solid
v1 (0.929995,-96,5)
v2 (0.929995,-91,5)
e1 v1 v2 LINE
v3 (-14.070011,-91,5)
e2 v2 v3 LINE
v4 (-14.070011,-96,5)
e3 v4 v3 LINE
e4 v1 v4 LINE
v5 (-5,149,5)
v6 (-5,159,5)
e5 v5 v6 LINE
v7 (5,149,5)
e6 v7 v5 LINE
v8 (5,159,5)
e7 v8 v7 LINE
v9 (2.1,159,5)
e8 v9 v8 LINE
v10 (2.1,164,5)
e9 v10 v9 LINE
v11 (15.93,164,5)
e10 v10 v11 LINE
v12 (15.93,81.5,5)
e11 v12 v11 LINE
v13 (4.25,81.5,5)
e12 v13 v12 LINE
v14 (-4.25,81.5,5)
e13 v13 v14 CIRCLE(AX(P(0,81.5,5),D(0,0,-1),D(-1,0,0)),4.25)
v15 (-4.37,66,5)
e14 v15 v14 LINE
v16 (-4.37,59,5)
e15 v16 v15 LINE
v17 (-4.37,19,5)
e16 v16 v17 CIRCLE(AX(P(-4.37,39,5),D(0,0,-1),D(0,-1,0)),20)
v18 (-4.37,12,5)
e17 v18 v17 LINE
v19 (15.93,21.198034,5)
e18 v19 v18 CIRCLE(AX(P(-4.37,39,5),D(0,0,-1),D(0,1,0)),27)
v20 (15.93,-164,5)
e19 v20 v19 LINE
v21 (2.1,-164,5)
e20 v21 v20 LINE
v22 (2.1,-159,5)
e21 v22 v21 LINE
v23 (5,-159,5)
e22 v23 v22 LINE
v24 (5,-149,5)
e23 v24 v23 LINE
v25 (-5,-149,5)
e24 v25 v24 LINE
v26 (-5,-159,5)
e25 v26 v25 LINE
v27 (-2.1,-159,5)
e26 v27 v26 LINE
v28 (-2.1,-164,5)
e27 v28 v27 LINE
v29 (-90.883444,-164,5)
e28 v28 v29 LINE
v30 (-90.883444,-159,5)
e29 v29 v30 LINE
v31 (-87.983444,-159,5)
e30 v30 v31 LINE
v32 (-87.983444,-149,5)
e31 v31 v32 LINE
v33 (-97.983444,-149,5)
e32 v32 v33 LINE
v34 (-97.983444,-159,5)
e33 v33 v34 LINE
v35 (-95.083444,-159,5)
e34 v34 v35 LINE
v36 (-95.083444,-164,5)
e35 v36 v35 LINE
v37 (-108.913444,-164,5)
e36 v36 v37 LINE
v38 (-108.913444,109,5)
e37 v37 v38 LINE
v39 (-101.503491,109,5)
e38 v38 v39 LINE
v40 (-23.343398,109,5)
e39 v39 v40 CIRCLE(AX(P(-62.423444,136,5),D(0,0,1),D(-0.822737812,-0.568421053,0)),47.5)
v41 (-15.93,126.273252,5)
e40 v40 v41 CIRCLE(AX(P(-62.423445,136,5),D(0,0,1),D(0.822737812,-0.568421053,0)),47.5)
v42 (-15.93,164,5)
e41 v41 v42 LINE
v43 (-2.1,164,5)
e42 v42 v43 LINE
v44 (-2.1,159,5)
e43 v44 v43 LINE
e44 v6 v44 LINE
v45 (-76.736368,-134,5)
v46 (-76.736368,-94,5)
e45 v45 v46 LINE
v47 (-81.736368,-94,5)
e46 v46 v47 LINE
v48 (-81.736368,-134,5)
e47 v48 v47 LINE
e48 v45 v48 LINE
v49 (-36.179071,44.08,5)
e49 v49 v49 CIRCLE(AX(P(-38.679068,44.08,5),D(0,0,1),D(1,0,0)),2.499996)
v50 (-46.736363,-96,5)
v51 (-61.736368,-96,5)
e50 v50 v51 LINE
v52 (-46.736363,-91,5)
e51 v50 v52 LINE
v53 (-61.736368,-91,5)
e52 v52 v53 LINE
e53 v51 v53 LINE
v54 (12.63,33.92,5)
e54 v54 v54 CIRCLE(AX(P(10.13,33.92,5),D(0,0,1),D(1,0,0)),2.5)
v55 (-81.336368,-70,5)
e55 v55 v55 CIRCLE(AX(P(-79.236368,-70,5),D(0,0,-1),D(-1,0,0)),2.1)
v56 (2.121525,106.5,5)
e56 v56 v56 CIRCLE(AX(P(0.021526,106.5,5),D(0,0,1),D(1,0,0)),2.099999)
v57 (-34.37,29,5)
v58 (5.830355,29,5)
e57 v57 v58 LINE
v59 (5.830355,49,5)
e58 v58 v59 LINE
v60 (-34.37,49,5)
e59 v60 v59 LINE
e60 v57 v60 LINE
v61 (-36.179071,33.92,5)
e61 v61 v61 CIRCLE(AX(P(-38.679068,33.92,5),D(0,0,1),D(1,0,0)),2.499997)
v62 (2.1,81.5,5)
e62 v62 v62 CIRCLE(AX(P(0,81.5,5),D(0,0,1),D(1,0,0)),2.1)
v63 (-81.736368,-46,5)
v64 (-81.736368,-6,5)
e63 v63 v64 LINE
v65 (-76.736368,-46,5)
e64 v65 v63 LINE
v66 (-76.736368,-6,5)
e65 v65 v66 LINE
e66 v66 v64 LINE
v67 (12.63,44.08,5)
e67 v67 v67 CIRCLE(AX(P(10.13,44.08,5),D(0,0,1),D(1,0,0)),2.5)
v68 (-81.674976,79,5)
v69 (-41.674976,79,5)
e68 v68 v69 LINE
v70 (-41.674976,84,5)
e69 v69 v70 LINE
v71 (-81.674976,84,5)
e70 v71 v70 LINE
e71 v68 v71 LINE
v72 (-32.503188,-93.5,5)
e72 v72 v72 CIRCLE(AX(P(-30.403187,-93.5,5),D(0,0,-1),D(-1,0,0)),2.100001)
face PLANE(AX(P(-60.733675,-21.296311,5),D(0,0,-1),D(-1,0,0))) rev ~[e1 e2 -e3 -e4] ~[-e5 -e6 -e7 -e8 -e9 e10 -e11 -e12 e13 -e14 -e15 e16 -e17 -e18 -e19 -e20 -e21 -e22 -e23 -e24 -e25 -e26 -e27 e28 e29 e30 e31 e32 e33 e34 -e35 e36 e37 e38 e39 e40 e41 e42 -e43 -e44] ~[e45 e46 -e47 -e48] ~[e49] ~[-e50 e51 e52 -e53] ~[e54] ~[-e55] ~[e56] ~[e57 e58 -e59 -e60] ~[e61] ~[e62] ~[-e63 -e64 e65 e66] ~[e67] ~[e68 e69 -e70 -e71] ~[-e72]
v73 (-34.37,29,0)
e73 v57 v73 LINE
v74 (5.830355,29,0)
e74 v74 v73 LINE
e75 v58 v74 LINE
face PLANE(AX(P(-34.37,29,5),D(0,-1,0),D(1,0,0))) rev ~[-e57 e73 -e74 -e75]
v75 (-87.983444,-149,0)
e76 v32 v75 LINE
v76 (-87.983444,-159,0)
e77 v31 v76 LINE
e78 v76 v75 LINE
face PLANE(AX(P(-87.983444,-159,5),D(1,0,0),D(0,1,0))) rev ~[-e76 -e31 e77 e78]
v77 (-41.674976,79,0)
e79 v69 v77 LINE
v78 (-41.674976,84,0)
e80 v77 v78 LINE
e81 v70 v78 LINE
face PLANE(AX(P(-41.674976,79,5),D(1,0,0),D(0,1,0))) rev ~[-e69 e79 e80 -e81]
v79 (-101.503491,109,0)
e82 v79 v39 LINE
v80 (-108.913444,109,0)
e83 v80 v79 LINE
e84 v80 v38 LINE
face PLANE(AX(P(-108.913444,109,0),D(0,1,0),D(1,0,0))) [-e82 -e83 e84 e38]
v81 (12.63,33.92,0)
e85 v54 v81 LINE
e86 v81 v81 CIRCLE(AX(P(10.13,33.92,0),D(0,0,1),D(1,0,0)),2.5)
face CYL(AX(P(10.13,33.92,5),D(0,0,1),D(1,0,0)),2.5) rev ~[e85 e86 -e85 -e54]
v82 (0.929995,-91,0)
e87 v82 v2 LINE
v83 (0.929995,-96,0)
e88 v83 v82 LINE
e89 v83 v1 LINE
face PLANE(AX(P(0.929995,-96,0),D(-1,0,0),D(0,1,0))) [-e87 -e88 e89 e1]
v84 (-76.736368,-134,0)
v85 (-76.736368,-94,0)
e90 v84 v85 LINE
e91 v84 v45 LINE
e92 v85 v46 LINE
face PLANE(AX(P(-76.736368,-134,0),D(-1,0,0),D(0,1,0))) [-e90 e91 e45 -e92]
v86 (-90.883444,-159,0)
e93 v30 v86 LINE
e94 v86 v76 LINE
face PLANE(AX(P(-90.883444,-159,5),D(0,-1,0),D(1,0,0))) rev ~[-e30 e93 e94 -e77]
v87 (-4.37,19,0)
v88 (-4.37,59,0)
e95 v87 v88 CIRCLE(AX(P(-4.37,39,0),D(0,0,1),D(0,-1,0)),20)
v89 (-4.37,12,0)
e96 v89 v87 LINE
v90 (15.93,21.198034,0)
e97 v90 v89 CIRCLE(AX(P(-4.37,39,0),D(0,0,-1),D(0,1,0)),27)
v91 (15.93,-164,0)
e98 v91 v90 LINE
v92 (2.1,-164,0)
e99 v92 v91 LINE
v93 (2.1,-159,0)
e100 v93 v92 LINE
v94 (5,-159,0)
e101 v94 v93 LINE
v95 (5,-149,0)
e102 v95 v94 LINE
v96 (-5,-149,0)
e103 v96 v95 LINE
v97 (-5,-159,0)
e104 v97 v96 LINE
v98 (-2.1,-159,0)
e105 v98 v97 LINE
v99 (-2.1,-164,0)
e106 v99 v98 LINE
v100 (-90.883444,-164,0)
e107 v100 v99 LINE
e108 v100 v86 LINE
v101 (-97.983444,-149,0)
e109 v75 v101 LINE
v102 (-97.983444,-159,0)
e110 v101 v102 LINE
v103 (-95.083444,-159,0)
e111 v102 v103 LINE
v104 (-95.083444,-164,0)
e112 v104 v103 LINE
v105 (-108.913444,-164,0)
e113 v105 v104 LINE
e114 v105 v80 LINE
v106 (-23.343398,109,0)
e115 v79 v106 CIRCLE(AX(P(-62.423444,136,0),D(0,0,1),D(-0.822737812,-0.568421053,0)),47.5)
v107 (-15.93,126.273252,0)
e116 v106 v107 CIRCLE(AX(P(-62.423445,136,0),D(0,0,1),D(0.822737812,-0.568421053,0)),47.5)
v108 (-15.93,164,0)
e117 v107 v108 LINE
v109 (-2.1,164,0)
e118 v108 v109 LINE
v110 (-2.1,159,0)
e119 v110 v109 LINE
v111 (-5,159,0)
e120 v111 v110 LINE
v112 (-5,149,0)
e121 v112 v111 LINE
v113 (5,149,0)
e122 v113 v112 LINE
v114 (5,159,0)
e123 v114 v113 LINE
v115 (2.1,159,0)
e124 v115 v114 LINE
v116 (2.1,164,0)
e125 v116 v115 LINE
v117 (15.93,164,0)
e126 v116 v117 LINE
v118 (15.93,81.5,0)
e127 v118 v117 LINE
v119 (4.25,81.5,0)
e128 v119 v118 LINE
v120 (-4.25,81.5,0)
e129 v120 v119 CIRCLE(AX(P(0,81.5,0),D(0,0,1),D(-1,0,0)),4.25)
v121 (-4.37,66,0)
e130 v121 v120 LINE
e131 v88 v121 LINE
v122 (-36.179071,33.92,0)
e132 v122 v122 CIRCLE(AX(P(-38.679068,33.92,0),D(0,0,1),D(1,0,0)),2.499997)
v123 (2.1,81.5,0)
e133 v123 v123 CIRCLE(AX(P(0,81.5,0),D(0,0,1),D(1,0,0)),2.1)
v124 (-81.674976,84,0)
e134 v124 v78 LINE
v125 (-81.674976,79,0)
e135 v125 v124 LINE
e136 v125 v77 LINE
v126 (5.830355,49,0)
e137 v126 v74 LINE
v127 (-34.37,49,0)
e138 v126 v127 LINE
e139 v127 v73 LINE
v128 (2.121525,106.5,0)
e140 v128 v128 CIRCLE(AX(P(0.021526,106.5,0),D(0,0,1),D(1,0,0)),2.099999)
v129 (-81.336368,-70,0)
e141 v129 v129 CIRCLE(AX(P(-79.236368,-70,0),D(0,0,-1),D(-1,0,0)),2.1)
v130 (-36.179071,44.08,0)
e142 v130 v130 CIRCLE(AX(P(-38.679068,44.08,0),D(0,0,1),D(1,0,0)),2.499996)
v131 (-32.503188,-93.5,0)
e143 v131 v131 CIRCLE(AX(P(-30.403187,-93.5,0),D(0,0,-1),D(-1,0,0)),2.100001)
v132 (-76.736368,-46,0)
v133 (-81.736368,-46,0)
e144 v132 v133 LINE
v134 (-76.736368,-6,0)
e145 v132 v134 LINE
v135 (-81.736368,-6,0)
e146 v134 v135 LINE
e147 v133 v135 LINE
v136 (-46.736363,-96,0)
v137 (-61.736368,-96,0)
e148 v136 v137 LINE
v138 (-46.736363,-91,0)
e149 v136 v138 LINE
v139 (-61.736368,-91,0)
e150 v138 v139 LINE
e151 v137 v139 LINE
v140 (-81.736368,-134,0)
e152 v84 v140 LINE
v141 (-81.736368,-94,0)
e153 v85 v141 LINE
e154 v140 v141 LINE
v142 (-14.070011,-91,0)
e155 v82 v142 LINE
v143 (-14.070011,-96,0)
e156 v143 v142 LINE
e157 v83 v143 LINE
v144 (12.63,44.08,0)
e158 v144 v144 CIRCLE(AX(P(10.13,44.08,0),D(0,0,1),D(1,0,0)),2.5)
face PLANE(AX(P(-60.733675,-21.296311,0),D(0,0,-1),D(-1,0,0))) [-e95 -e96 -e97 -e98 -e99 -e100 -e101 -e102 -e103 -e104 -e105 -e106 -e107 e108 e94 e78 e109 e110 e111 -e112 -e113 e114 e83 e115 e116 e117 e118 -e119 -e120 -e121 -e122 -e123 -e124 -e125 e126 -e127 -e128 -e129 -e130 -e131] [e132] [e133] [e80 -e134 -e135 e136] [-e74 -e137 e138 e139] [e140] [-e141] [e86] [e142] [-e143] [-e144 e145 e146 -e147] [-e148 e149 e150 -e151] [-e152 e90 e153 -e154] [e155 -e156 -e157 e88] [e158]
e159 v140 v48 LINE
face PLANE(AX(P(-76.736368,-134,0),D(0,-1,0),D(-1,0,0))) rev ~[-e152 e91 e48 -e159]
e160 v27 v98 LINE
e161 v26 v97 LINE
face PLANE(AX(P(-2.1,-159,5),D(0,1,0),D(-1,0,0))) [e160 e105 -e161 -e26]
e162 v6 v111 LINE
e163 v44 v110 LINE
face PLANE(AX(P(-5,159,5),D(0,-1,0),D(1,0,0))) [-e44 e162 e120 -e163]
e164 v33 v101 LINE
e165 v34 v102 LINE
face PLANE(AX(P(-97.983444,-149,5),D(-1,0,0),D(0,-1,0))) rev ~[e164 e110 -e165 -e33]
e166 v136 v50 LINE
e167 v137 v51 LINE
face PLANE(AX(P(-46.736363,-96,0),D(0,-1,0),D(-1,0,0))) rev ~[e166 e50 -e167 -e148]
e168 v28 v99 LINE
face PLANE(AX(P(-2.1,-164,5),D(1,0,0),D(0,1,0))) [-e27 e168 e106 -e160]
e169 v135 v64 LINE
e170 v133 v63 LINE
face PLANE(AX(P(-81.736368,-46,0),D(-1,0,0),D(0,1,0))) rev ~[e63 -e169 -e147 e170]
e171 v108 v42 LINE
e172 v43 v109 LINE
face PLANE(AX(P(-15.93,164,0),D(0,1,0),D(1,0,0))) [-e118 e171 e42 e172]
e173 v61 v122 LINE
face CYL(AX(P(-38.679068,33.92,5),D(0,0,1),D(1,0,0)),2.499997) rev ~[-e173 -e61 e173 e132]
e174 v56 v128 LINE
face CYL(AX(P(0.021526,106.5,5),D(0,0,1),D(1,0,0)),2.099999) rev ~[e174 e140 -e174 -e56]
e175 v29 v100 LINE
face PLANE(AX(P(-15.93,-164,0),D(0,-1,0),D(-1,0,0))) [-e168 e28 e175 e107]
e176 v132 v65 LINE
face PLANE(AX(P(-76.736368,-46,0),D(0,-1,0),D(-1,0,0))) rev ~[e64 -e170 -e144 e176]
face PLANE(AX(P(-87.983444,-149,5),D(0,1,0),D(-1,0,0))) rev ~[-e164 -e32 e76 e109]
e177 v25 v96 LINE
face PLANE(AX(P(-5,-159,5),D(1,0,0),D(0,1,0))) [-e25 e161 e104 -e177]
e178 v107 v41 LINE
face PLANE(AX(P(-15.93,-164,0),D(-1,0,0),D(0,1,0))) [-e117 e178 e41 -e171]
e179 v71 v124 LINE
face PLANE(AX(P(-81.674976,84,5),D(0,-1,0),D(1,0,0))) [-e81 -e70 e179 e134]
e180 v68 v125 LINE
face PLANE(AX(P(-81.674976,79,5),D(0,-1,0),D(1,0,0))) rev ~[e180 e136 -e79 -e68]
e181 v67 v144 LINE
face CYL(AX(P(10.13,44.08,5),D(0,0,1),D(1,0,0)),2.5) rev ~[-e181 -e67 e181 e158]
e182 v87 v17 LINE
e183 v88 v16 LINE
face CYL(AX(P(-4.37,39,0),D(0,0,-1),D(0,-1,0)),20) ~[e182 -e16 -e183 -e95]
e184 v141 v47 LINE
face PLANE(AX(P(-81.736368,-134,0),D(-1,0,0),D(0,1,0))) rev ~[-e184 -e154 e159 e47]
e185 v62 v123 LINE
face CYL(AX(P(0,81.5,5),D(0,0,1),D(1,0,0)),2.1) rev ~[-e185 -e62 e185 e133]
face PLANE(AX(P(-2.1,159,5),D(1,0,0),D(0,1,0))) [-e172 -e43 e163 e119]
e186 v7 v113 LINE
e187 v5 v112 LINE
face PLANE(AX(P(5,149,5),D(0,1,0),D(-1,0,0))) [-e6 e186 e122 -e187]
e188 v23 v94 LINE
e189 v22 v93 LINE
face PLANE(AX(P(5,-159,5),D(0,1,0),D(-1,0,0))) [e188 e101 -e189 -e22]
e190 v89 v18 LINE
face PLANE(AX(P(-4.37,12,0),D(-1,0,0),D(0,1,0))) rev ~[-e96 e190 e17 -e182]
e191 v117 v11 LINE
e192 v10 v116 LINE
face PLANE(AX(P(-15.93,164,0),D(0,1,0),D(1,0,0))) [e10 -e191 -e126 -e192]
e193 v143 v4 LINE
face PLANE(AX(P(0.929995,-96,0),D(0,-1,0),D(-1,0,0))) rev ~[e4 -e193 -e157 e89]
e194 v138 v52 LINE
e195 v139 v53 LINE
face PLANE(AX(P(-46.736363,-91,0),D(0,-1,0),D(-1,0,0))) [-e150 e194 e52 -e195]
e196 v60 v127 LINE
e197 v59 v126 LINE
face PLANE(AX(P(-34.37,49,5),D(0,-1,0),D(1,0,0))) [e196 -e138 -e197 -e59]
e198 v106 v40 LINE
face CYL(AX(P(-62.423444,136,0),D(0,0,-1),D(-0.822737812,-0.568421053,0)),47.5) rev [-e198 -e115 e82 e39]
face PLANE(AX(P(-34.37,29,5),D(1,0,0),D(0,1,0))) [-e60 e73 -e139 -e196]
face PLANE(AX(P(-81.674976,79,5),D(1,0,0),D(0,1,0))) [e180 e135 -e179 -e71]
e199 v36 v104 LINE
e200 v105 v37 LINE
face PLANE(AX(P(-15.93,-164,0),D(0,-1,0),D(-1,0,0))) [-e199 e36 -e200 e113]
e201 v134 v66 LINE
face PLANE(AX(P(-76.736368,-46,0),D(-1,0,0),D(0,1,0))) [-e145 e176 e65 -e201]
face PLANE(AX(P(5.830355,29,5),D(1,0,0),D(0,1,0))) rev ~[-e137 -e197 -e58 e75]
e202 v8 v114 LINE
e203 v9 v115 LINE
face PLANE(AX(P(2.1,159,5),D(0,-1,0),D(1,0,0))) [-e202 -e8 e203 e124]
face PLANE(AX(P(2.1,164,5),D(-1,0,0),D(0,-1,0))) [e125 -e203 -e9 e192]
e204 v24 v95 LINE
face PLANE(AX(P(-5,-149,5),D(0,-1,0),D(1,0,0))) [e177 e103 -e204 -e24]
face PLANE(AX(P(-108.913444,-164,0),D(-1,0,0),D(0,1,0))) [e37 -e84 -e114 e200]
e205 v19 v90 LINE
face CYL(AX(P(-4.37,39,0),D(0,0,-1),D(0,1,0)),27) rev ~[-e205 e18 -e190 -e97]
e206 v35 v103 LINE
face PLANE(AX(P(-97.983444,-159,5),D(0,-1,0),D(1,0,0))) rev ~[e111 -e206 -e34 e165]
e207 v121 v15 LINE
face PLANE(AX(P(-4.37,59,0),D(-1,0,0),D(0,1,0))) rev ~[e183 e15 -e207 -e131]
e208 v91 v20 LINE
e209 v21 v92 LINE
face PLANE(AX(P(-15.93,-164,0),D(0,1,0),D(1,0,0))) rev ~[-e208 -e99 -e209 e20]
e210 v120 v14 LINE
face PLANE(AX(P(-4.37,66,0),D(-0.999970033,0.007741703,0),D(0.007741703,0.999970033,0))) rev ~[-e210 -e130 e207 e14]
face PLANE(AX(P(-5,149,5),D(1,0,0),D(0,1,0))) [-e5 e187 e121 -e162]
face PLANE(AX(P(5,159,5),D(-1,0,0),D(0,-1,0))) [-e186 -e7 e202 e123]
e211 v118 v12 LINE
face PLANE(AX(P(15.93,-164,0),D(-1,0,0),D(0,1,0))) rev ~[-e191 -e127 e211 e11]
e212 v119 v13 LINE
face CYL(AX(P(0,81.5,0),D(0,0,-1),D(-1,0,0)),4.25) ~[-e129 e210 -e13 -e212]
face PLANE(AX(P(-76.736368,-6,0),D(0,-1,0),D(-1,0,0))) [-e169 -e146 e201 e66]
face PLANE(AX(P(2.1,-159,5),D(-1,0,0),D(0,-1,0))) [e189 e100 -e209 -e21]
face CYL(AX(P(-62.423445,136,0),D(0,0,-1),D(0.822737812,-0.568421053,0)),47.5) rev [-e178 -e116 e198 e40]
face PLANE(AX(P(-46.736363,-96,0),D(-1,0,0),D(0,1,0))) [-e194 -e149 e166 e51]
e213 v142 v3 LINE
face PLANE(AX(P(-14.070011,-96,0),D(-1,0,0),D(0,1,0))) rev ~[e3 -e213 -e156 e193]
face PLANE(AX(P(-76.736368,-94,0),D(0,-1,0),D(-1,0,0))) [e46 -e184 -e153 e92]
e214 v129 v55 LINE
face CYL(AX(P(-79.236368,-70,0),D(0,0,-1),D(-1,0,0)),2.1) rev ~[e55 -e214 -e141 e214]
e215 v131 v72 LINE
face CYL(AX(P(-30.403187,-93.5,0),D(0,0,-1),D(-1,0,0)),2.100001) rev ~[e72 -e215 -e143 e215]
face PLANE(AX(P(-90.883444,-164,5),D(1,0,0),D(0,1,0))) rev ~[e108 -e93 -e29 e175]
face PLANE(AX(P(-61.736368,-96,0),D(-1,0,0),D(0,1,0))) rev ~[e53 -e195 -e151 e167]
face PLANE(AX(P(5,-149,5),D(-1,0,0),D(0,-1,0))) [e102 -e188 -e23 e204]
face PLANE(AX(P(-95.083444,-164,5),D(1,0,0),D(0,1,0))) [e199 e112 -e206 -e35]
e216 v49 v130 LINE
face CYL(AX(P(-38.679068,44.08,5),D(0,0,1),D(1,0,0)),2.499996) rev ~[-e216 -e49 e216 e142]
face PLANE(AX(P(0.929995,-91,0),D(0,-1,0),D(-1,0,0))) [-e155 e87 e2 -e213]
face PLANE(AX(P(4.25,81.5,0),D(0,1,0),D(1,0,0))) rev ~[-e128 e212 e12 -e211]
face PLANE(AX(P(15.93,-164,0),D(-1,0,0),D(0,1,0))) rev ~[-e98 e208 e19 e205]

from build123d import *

# Parameters (mm, degrees)
SKETCH1_W           = 31.86
SKETCH1_H           = 328
BOSS_EXTRUDE1_DEPTH = 5
SKETCH2_R           = 2.1
CUT_EXTRUDE1_DEPTH  = 10
CUT_EXTRUDE2_DEPTH  = 10
BOSS_EXTRUDE2_DEPTH = 5
SKETCH7_W           = 4.2
SKETCH7_H           = 5
SKETCH7_R           = 2.099999245
CUT_EXTRUDE3_DEPTH  = 5
SKETCH8_R           = 2.499996422
SKETCH8_R_2         = 2.499996502
SKETCH8_R_3         = 2.5
SKETCH8_W           = 40.200355047
SKETCH8_H           = 20
CUT_EXTRUDE4_DEPTH  = 10
CUT_EXTRUDE5_DEPTH  = 10
CUT_EXTRUDE6_DEPTH  = 10
SKETCH12_R          = 2.100000755
SKETCH12_R_2        = 2.1
SKETCH12_W          = 15.000005391
SKETCH12_H          = 5
SKETCH12_W_2        = 5
SKETCH12_H_2        = 40
CUT_EXTRUDE7_DEPTH  = 5
SKETCH15_W          = 40
SKETCH15_H          = 5
CUT_EXTRUDE8_DEPTH  = 5


with BuildPart() as part:
    # Sketch1 → Boss-Extrude1 (new body)
    with BuildSketch(Plane.XY):
        Rectangle(SKETCH1_W, SKETCH1_H)
    extrude(amount=BOSS_EXTRUDE1_DEPTH)

    # Sketch2 → Cut-Extrude1 (cut)
    with BuildSketch(Plane.XY.offset(5)):
        with Locations((0, 81.5)):
            Circle(SKETCH2_R)
    extrude(amount=-CUT_EXTRUDE1_DEPTH, mode=Mode.SUBTRACT)

    # Sketch3 → Cut-Extrude2 (cut)
    with BuildSketch(Plane.XY.offset(5)):
        Polygon((2.1, 164), (2.1, 159), (5, 159), (5, 149), (-5, 149), (-5, 159), (-2.1, 159), (-2.1, 164), align=None)
        Polygon((-2.1, -164), (-2.1, -159), (-5, -159), (-5, -149), (5, -149), (5, -159), (2.1, -159), (2.1, -164), align=None)
    extrude(amount=-CUT_EXTRUDE2_DEPTH, mode=Mode.SUBTRACT)

    # Sketch4 → Boss-Extrude2 (add)
    with BuildSketch(Plane(origin=(0, 0, 0), x_dir=(-1, 0, 0), z_dir=(0, 0, -1))):
        with BuildLine():
            Line((15.93, -164), (108.913444487, -164))
            Line((108.913444487, -164), (108.913444487, 109))
            Line((108.913444487, 109), (101.503490547, 109))
            ThreePointArc((101.503490547, 109), (62.423444487, 88.5), (23.343398428, 109))
            ThreePointArc((23.343398428, 109), (18.773737927, 117.266257257), (15.93, 126.273252357))
            Line((15.93, 126.273252357), (15.93, 109))
            Line((15.93, 109), (15.93, -164))
        make_face()
    extrude(amount=-BOSS_EXTRUDE2_DEPTH)

    # Sketch7 → Cut-Extrude3 (cut)
    with BuildSketch(Plane.XY.offset(5)):
        Polygon((-95.083444487, -159), (-90.883444487, -159), (-87.983444487, -159), (-87.983444487, -149), (-97.983444487, -149), (-97.983444487, -159), align=None)
        with Locations((-92.983444487, -161.5)):
            Rectangle(SKETCH7_W, SKETCH7_H)
        with Locations((0.021526005, 106.5)):
            Circle(SKETCH7_R)
    extrude(amount=-CUT_EXTRUDE3_DEPTH, mode=Mode.SUBTRACT)

    # Sketch8 → Cut-Extrude4 (cut)
    with BuildSketch(Plane.XY.offset(5)):
        with Locations((-38.679067758, 44.08)):
            Circle(SKETCH8_R)
        with Locations((-38.679067758, 33.92)):
            Circle(SKETCH8_R_2)
        with Locations((10.13, 44.08)):
            Circle(SKETCH8_R_3)
        with Locations((10.13, 33.92)):
            Circle(SKETCH8_R_3)
        with Locations((-14.269822477, 39)):
            Rectangle(SKETCH8_W, SKETCH8_H)
    extrude(amount=-CUT_EXTRUDE4_DEPTH, mode=Mode.SUBTRACT)

    # Sketch9 → Cut-Extrude5 (cut)
    with BuildSketch(Plane(origin=(0, 0, 0), x_dir=(-1, 0, 0), z_dir=(0, 0, -1))):
        with BuildLine():
            Line((4.37, 12), (4.37, 19))
            ThreePointArc((4.37, 19), (-15.63, 39), (4.37, 59))
            Line((4.37, 59), (4.37, 66))
            ThreePointArc((4.37, 66), (-22.63, 39), (4.37, 12))
        make_face()
    extrude(amount=-CUT_EXTRUDE5_DEPTH, mode=Mode.SUBTRACT)

    # Sketch10 → Cut-Extrude6 (cut)
    with BuildSketch(Plane(origin=(0, 0, 0), x_dir=(-1, 0, 0), z_dir=(0, 0, -1))):
        with BuildLine():
            Line((-15.93, 66), (-15.93, 56.801966184))
            ThreePointArc((-15.93, 56.801966184), (-6.773314432, 63.593221495), (4.37, 66))
            Line((4.37, 66), (4.25, 81.5))
            ThreePointArc((4.25, 81.5), (0, 77.25), (-4.25, 81.5))
            Line((-4.25, 81.5), (-15.93, 81.5))
            Line((-15.93, 81.5), (-15.93, 66))
        make_face()
    extrude(amount=-CUT_EXTRUDE6_DEPTH, mode=Mode.SUBTRACT)

    # Sketch12 → Cut-Extrude7 (cut)
    with BuildSketch(Plane(origin=(0, 0, 0), x_dir=(-1, 0, 0), z_dir=(0, 0, -1))):
        with Locations((30.403186809, -93.5)):
            Circle(SKETCH12_R)
        with Locations((79.236368236, -70)):
            Circle(SKETCH12_R_2)
        with Locations((54.236365541, -93.5)):
            Rectangle(SKETCH12_W, SKETCH12_H)
        with Locations((6.570008077, -93.5)):
            Rectangle(SKETCH12_W, SKETCH12_H)
        with Locations((79.236368236, -114)):
            Rectangle(SKETCH12_W_2, SKETCH12_H_2)
        with Locations((79.236368236, -26)):
            Rectangle(SKETCH12_W_2, SKETCH12_H_2)
    extrude(amount=-CUT_EXTRUDE7_DEPTH, mode=Mode.SUBTRACT)

    # Sketch15 → Cut-Extrude8 (cut)
    with BuildSketch(Plane.XY.offset(5)):
        with Locations((-61.674975637, 81.5)):
            Rectangle(SKETCH15_W, SKETCH15_H)
    extrude(amount=-CUT_EXTRUDE8_DEPTH, mode=Mode.SUBTRACT)


solid = part.part
